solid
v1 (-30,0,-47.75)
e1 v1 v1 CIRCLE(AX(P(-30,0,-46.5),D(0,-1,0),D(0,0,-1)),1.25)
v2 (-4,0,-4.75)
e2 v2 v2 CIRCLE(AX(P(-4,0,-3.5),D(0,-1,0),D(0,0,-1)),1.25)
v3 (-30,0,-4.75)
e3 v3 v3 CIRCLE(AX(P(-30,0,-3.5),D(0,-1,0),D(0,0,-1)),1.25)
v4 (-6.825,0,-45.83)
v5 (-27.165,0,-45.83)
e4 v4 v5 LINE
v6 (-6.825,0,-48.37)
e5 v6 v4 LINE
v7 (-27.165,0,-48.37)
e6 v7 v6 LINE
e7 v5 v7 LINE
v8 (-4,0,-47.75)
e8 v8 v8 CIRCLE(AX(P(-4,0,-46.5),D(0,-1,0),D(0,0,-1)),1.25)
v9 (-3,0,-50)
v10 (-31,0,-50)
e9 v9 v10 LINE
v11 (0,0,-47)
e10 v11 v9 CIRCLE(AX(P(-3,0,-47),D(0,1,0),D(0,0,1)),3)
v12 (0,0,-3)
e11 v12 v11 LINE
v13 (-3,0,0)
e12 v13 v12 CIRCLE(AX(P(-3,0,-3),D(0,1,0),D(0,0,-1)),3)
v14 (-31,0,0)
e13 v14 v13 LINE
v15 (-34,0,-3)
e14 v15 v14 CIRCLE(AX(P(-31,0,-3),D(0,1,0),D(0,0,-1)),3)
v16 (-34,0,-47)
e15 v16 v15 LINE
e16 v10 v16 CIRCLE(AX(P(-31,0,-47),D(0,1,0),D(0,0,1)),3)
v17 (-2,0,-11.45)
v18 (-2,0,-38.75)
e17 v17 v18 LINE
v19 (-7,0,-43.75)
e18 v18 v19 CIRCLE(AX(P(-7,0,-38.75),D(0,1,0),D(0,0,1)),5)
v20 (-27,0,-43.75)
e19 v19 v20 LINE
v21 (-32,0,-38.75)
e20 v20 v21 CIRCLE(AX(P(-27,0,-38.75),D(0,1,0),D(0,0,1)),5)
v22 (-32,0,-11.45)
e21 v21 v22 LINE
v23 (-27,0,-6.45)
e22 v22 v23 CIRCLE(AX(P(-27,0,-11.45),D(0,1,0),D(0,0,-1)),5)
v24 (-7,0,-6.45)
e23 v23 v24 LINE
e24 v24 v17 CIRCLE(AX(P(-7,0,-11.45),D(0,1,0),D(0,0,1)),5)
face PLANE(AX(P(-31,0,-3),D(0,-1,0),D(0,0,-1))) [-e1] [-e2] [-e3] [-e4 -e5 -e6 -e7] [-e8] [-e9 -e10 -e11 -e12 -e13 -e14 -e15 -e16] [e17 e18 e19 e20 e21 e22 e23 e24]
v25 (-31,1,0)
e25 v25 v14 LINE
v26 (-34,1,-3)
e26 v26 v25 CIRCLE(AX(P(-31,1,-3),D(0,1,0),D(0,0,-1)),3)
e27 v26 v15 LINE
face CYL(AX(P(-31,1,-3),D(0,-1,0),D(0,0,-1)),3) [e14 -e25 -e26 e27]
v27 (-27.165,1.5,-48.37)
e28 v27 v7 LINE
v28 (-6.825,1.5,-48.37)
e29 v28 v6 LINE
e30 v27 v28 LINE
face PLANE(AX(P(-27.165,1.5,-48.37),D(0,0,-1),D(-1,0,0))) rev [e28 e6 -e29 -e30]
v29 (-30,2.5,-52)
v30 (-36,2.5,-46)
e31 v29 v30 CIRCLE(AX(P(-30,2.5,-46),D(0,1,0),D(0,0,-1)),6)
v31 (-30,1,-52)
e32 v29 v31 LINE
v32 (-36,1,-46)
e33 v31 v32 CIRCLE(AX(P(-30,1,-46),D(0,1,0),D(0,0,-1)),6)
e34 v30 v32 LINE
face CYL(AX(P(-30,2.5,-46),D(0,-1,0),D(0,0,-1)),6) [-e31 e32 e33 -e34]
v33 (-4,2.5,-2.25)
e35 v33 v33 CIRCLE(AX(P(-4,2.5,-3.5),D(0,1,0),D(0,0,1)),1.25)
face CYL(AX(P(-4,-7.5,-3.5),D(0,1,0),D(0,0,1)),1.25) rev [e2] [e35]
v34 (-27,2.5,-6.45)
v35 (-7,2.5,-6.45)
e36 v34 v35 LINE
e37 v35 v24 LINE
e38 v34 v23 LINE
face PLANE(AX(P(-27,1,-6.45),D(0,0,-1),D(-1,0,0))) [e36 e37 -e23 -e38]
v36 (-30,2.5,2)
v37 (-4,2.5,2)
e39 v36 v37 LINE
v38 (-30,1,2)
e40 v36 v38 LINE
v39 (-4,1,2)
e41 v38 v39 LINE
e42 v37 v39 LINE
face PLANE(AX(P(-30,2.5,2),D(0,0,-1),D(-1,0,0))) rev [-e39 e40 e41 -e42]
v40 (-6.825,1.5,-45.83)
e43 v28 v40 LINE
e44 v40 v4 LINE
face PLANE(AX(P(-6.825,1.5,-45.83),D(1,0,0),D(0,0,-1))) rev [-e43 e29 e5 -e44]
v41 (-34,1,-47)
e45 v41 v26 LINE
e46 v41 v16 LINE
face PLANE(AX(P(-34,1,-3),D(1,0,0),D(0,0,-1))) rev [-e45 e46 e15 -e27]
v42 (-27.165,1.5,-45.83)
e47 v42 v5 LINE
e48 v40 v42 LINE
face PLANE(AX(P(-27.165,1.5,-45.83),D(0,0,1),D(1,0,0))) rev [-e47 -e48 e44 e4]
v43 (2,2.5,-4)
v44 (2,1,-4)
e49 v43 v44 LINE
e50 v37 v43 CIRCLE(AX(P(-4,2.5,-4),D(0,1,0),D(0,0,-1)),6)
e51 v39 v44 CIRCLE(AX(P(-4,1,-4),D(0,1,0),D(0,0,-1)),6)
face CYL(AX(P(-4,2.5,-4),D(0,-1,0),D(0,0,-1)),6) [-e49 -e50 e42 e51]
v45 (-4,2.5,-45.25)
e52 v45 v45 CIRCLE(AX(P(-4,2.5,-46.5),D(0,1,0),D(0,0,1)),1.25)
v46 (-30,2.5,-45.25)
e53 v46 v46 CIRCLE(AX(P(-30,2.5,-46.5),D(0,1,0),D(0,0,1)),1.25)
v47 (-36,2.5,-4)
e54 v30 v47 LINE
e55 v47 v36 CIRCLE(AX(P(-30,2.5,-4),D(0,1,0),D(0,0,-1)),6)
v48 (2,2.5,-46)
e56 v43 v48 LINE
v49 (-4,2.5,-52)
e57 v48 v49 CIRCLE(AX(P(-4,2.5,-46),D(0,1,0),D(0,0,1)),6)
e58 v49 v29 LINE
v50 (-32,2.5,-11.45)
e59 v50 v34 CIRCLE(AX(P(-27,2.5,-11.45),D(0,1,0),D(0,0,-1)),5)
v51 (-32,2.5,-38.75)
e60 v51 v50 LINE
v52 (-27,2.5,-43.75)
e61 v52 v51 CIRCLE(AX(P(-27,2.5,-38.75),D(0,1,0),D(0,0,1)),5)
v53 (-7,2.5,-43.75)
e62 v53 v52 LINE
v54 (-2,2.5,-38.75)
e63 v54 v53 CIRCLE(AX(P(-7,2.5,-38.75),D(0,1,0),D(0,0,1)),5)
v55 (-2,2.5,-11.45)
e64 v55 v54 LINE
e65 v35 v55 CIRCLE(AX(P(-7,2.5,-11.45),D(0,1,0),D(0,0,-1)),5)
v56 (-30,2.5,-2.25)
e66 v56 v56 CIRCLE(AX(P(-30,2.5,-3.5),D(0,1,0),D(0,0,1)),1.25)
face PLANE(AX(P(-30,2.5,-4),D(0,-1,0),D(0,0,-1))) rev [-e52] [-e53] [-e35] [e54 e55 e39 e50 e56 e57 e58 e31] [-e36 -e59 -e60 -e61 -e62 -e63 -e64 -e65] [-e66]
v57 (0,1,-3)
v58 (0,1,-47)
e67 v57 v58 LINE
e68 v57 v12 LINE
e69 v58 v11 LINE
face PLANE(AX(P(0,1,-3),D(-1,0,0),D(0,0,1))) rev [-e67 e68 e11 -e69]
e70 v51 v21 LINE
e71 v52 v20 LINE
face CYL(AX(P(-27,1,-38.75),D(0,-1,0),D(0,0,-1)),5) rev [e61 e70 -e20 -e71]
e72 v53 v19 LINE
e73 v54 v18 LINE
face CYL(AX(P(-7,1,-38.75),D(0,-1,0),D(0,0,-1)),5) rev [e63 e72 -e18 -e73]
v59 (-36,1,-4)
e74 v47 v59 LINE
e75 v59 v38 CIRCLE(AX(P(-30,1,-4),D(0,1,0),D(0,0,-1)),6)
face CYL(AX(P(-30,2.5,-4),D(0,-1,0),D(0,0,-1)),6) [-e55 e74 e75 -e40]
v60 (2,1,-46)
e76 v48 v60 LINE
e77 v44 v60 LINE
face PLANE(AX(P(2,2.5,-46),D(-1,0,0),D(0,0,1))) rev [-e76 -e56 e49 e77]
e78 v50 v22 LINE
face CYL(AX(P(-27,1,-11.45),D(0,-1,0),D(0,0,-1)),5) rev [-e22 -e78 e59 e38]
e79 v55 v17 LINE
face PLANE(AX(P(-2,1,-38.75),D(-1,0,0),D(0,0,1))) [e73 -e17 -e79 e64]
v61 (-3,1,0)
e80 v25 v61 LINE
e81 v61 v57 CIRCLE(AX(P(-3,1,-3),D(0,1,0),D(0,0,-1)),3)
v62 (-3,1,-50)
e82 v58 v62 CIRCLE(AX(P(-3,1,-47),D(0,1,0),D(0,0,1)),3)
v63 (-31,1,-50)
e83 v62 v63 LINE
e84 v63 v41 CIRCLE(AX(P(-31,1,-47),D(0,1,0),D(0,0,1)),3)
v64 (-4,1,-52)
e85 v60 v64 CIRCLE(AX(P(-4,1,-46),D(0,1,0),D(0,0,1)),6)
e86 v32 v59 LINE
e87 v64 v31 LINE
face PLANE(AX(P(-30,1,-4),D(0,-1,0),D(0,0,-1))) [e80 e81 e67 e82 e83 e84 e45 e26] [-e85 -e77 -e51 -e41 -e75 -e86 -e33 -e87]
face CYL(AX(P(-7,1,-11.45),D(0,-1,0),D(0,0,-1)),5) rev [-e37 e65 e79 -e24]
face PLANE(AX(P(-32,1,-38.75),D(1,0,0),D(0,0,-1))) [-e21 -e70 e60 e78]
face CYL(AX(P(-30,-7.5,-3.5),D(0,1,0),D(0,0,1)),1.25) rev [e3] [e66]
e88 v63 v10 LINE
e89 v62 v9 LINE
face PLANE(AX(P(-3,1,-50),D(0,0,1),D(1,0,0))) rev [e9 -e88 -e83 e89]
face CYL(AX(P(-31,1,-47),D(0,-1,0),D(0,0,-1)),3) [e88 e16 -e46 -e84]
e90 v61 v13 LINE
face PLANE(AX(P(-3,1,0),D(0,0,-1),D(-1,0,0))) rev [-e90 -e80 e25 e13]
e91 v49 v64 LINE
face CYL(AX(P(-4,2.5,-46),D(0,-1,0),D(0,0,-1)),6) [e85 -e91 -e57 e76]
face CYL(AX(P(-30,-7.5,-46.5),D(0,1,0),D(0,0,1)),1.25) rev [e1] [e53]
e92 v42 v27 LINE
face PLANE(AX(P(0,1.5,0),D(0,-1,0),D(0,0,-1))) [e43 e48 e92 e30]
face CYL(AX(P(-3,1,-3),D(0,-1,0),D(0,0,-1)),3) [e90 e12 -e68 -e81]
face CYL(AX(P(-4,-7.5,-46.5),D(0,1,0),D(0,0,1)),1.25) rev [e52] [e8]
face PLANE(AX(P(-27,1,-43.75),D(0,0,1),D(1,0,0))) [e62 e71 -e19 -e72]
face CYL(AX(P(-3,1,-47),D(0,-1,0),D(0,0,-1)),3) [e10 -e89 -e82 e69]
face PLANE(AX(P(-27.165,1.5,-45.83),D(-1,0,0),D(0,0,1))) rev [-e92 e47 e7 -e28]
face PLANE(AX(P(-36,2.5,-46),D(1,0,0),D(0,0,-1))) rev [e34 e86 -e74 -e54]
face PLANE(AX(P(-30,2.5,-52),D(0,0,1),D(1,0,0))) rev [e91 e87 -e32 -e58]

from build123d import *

# Parameters (mm, degrees)
ESTRUSIONE_ESTRUSIONE1_DEPTH = 1
ESTRUSIONE_ESTRUSIONE2_DEPTH = 1.5
SCHIZZO4_W                   = 20.34
SCHIZZO4_H                   = 2.54
TAGLIO_ESTRUSIONE1_DEPTH     = 1.5
SCHIZZO5_R                   = 1.25
TAGLIO_ESTRUSIONE2_DEPTH     = 10


with BuildPart() as part:
    # Schizzo2 → Estrusione-Estrusione1 (new body)
    with BuildSketch(Plane(origin=(0, 0, 0), x_dir=(1, 0, 0), z_dir=(0, 1, 0))):
        with BuildLine():
            Line((-3, 0), (-31, 0))
            ThreePointArc((-31, 0), (-33.121320344, 0.878679656), (-34, 3))
            Line((-34, 3), (-34, 47))
            ThreePointArc((-34, 47), (-33.121320344, 49.121320344), (-31, 50))
            Line((-31, 50), (-3, 50))
            ThreePointArc((-3, 50), (-0.878679656, 49.121320344), (0, 47))
            Line((0, 47), (0, 3))
            ThreePointArc((0, 3), (-0.878679656, 0.878679656), (-3, 0))
        make_face()
        with BuildLine():
            Line((-27, 43.75), (-7, 43.75))
            ThreePointArc((-7, 43.75), (-3.464466094, 42.285533906), (-2, 38.75))
            Line((-2, 38.75), (-2, 11.45))
            ThreePointArc((-2, 11.45), (-3.464466094, 7.914466094), (-7, 6.45))
            Line((-7, 6.45), (-27, 6.45))
            ThreePointArc((-27, 6.45), (-30.535533906, 7.914466094), (-32, 11.45))
            Line((-32, 11.45), (-32, 38.75))
            ThreePointArc((-32, 38.75), (-30.535533906, 42.285533906), (-27, 43.75))
        make_face(mode=Mode.SUBTRACT)
    extrude(amount=ESTRUSIONE_ESTRUSIONE1_DEPTH)

    # Schizzo3 → Estrusione-Estrusione2 (add)
    with BuildSketch(Plane(origin=(0, 1, 0), x_dir=(1, 0, 0), z_dir=(0, 1, 0))):
        with BuildLine():
            Line((-30, 52), (-4, 52))
            ThreePointArc((-4, 52), (0.242640687, 50.242640687), (2, 46))
            Line((2, 46), (2, 4))
            ThreePointArc((2, 4), (0.242640687, -0.242640687), (-4, -2))
            Line((-4, -2), (-30, -2))
            ThreePointArc((-30, -2), (-34.242640687, -0.242640687), (-36, 4))
            Line((-36, 4), (-36, 46))
            ThreePointArc((-36, 46), (-34.242640687, 50.242640687), (-30, 52))
        make_face()
        with BuildLine():
            Line((-27, 6.45), (-7, 6.45))
            ThreePointArc((-7, 6.45), (-3.464466094, 7.914466094), (-2, 11.45))
            Line((-2, 11.45), (-2, 38.75))
            ThreePointArc((-2, 38.75), (-3.464466094, 42.285533906), (-7, 43.75))
            Line((-7, 43.75), (-27, 43.75))
            ThreePointArc((-27, 43.75), (-30.535533906, 42.285533906), (-32, 38.75))
            Line((-32, 38.75), (-32, 11.45))
            ThreePointArc((-32, 11.45), (-30.535533906, 7.914466094), (-27, 6.45))
        make_face(mode=Mode.SUBTRACT)
    extrude(amount=ESTRUSIONE_ESTRUSIONE2_DEPTH)

    # Schizzo4 → Taglio-Estrusione1 (cut)
    with BuildSketch(Plane.XZ):
        with Locations((-16.995, -47.1)):
            Rectangle(SCHIZZO4_W, SCHIZZO4_H)
    extrude(amount=-TAGLIO_ESTRUSIONE1_DEPTH, mode=Mode.SUBTRACT)

    # Schizzo5 → Taglio-Estrusione2 (cut)
    with BuildSketch(Plane(origin=(0, 2.5, 0), x_dir=(1, 0, 0), z_dir=(0, 1, 0))):
        with Locations(Location((-30, 46.5, 0), (0, 0, 270))):
            Circle(SCHIZZO5_R)
        with Locations(Location((-4, 46.5, 0), (0, 0, 270))):
            Circle(SCHIZZO5_R)
        with Locations(Location((-4, 3.5, 0), (0, 0, 270))):
            Circle(SCHIZZO5_R)
        with Locations(Location((-30, 3.5, 0), (0, 0, 270))):
            Circle(SCHIZZO5_R)
    extrude(amount=-TAGLIO_ESTRUSIONE2_DEPTH, mode=Mode.SUBTRACT)


solid = part.part
